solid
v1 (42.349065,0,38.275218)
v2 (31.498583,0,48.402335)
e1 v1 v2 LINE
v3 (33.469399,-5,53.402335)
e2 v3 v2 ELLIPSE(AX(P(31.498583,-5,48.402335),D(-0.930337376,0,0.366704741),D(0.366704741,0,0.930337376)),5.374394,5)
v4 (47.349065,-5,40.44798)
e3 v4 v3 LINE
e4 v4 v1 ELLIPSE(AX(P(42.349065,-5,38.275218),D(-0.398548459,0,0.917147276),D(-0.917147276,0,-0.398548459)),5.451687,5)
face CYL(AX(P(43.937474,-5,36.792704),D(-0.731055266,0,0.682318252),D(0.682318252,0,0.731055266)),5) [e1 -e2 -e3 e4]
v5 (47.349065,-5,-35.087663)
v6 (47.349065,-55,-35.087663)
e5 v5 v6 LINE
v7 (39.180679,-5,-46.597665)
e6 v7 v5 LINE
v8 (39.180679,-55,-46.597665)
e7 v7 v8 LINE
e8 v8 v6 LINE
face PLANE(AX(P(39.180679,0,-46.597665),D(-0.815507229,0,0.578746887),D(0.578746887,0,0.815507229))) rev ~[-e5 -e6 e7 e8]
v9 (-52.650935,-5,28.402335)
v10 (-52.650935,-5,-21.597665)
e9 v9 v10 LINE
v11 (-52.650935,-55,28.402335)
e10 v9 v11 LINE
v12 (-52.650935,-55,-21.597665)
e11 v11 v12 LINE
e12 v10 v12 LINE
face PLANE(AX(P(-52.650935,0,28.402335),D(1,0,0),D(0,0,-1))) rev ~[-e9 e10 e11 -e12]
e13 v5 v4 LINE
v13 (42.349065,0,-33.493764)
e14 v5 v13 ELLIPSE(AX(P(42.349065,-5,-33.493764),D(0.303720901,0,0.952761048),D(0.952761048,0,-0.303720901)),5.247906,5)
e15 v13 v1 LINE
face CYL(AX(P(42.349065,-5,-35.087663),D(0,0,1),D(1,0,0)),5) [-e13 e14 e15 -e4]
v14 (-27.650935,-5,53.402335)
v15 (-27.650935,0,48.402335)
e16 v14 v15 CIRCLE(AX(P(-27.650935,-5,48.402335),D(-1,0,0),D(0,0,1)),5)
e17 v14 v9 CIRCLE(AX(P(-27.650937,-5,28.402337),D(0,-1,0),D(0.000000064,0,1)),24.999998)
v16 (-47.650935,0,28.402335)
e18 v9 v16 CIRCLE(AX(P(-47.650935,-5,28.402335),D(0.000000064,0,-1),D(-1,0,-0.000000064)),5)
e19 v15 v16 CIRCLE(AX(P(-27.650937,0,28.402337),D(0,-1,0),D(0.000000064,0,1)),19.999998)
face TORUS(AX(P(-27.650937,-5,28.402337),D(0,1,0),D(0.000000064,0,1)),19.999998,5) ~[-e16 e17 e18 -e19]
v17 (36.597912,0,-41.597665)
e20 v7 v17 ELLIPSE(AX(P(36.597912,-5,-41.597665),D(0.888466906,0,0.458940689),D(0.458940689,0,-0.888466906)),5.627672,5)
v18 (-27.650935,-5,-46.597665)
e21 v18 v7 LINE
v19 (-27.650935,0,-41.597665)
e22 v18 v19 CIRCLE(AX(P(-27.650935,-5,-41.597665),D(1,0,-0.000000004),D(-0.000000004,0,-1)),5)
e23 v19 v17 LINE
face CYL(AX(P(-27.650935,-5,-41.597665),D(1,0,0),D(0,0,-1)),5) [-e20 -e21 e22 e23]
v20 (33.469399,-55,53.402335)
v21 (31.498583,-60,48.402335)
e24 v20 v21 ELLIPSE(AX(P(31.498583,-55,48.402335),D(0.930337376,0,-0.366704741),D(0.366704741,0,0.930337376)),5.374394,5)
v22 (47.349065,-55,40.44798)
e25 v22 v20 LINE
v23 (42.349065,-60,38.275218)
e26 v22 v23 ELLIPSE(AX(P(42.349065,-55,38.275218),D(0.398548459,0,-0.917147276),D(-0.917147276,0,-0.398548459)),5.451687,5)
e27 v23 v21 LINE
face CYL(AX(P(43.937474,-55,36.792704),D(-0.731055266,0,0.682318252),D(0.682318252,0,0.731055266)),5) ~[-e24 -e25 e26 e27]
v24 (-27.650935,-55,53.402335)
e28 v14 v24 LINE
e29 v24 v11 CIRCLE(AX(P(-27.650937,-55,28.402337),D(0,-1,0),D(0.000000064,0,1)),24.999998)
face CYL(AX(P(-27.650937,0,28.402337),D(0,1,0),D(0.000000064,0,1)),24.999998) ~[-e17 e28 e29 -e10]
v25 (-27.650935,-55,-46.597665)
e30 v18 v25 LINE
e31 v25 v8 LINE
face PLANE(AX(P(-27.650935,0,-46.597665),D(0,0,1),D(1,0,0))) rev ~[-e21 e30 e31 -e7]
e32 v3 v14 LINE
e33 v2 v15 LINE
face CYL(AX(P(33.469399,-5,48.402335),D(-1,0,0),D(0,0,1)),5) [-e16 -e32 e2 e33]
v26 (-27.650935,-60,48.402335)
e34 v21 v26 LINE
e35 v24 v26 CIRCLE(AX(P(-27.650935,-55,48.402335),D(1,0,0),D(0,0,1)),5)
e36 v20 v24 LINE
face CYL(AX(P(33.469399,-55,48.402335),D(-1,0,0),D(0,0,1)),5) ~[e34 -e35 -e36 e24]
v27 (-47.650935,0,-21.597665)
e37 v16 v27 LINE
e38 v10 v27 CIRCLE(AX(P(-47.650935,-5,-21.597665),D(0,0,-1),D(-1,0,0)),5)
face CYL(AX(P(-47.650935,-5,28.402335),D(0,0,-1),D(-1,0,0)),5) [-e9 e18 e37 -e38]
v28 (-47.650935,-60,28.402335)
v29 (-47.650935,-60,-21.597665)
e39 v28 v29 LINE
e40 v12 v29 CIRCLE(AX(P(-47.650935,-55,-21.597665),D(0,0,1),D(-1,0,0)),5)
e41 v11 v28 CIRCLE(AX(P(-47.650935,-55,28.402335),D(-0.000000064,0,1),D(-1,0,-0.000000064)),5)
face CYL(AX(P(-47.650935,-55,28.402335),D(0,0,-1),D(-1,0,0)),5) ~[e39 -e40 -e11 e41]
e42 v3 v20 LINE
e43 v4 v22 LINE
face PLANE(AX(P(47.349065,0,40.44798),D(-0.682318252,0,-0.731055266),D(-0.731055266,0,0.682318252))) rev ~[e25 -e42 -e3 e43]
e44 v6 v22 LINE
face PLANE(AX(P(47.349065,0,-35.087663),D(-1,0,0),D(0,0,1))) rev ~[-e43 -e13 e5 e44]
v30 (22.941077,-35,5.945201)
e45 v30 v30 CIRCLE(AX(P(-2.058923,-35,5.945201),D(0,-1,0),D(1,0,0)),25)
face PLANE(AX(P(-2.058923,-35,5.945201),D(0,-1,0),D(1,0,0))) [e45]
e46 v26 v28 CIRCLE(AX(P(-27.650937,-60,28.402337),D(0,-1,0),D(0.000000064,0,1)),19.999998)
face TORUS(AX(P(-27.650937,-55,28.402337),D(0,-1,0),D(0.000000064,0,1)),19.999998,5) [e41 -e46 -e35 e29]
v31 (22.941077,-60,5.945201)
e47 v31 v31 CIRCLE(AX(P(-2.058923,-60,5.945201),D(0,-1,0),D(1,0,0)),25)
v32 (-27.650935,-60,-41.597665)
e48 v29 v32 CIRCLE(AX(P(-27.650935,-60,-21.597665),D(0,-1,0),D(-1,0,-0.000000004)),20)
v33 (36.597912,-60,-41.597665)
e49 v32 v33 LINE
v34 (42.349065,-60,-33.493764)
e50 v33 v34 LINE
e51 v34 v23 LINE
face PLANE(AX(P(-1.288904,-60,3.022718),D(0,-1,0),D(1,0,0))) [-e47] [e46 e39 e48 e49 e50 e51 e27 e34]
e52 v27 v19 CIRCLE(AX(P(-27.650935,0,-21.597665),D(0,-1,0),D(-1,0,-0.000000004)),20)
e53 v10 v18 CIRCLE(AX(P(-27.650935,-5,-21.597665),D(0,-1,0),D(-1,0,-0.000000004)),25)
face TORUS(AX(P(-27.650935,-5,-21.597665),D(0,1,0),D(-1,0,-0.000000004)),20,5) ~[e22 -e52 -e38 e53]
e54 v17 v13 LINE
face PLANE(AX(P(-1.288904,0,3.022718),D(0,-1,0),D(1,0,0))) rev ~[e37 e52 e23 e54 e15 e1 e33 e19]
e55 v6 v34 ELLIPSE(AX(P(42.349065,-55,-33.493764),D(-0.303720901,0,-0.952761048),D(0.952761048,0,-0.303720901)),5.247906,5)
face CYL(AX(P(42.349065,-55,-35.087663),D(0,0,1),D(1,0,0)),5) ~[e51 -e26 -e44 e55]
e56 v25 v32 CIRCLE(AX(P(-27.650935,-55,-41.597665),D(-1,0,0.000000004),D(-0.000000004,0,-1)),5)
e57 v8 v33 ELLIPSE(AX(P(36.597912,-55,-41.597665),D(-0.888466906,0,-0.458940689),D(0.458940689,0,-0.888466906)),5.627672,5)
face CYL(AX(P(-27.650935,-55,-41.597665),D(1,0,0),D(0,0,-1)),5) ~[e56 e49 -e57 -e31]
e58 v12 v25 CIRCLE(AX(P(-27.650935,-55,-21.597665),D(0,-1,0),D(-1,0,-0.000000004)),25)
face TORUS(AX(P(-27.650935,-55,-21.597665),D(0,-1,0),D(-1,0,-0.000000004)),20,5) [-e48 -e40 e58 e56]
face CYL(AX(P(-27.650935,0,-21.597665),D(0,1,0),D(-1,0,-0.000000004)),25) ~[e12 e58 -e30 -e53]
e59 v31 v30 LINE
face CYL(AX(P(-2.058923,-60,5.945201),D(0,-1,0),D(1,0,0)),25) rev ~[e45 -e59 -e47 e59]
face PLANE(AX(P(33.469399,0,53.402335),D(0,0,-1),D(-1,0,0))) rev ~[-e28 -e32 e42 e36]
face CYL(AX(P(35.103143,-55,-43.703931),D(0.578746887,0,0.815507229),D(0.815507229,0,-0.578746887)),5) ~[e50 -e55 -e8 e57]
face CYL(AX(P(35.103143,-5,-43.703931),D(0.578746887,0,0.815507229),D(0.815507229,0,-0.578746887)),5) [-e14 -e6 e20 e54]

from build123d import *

# Parameters (mm, degrees)
F1_DEPTH = 60
F2_R     = 5
F3_R     = 25
F4_DEPTH = 25


with BuildPart() as f1:
    # F0 (on Front) → F1 (new body)
    with BuildSketch(Plane.XZ):
        with BuildLine():
            Line((33.469399, 53.402335), (-27.650935, 53.402335))
            ThreePointArc((-27.650935, 53.402335), (-45.328605, 46.080005), (-52.650935, 28.402335))
            Line((-52.650935, 28.402335), (-52.650935, -21.597665))
            ThreePointArc((-52.650935, -21.597665), (-45.328605, -39.275334), (-27.650935, -46.597665))
            Line((-27.650935, -46.597665), (39.180679, -46.597665))
            Line((39.180679, -46.597665), (47.349065, -35.087663))
            Line((47.349065, -35.087663), (47.349065, 40.44798))
            Line((47.349065, 40.44798), (33.469399, 53.402335))
        make_face()
    extrude(amount=F1_DEPTH)

    # F2
    f2_edges = [f1.edges().sort_by_distance(p)[0] for p in [
        (40.409232, -60, 46.925158),
        (2.909232, -60, 53.402335),
        (-45.328605, -60, 46.080005),
        (-52.650935, -60, 3.402335),
        (-45.328605, -60, -39.275334),
        (5.764872, -60, -46.597665),
        (43.264872, -60, -40.842664),
        (47.349065, -60, 2.680159),
        (40.409232, 0, 46.925158),
        (2.909232, 0, 53.402335),
        (-45.328605, 0, 46.080005),
        (-52.650935, 0, 3.402335),
        (-45.328605, 0, -39.275334),
        (5.764872, 0, -46.597665),
        (43.264872, 0, -40.842664),
        (47.349065, 0, 2.680159),
    ]]
    fillet(f2_edges, radius=F2_R)

    # F3 (on face) → F4 (cut)
    with BuildSketch(Plane.XZ.offset(60)):
        with Locations((-2.058923, 5.945201)):
            Circle(F3_R)
    extrude(amount=-F4_DEPTH, mode=Mode.SUBTRACT)


solid = f1.part
